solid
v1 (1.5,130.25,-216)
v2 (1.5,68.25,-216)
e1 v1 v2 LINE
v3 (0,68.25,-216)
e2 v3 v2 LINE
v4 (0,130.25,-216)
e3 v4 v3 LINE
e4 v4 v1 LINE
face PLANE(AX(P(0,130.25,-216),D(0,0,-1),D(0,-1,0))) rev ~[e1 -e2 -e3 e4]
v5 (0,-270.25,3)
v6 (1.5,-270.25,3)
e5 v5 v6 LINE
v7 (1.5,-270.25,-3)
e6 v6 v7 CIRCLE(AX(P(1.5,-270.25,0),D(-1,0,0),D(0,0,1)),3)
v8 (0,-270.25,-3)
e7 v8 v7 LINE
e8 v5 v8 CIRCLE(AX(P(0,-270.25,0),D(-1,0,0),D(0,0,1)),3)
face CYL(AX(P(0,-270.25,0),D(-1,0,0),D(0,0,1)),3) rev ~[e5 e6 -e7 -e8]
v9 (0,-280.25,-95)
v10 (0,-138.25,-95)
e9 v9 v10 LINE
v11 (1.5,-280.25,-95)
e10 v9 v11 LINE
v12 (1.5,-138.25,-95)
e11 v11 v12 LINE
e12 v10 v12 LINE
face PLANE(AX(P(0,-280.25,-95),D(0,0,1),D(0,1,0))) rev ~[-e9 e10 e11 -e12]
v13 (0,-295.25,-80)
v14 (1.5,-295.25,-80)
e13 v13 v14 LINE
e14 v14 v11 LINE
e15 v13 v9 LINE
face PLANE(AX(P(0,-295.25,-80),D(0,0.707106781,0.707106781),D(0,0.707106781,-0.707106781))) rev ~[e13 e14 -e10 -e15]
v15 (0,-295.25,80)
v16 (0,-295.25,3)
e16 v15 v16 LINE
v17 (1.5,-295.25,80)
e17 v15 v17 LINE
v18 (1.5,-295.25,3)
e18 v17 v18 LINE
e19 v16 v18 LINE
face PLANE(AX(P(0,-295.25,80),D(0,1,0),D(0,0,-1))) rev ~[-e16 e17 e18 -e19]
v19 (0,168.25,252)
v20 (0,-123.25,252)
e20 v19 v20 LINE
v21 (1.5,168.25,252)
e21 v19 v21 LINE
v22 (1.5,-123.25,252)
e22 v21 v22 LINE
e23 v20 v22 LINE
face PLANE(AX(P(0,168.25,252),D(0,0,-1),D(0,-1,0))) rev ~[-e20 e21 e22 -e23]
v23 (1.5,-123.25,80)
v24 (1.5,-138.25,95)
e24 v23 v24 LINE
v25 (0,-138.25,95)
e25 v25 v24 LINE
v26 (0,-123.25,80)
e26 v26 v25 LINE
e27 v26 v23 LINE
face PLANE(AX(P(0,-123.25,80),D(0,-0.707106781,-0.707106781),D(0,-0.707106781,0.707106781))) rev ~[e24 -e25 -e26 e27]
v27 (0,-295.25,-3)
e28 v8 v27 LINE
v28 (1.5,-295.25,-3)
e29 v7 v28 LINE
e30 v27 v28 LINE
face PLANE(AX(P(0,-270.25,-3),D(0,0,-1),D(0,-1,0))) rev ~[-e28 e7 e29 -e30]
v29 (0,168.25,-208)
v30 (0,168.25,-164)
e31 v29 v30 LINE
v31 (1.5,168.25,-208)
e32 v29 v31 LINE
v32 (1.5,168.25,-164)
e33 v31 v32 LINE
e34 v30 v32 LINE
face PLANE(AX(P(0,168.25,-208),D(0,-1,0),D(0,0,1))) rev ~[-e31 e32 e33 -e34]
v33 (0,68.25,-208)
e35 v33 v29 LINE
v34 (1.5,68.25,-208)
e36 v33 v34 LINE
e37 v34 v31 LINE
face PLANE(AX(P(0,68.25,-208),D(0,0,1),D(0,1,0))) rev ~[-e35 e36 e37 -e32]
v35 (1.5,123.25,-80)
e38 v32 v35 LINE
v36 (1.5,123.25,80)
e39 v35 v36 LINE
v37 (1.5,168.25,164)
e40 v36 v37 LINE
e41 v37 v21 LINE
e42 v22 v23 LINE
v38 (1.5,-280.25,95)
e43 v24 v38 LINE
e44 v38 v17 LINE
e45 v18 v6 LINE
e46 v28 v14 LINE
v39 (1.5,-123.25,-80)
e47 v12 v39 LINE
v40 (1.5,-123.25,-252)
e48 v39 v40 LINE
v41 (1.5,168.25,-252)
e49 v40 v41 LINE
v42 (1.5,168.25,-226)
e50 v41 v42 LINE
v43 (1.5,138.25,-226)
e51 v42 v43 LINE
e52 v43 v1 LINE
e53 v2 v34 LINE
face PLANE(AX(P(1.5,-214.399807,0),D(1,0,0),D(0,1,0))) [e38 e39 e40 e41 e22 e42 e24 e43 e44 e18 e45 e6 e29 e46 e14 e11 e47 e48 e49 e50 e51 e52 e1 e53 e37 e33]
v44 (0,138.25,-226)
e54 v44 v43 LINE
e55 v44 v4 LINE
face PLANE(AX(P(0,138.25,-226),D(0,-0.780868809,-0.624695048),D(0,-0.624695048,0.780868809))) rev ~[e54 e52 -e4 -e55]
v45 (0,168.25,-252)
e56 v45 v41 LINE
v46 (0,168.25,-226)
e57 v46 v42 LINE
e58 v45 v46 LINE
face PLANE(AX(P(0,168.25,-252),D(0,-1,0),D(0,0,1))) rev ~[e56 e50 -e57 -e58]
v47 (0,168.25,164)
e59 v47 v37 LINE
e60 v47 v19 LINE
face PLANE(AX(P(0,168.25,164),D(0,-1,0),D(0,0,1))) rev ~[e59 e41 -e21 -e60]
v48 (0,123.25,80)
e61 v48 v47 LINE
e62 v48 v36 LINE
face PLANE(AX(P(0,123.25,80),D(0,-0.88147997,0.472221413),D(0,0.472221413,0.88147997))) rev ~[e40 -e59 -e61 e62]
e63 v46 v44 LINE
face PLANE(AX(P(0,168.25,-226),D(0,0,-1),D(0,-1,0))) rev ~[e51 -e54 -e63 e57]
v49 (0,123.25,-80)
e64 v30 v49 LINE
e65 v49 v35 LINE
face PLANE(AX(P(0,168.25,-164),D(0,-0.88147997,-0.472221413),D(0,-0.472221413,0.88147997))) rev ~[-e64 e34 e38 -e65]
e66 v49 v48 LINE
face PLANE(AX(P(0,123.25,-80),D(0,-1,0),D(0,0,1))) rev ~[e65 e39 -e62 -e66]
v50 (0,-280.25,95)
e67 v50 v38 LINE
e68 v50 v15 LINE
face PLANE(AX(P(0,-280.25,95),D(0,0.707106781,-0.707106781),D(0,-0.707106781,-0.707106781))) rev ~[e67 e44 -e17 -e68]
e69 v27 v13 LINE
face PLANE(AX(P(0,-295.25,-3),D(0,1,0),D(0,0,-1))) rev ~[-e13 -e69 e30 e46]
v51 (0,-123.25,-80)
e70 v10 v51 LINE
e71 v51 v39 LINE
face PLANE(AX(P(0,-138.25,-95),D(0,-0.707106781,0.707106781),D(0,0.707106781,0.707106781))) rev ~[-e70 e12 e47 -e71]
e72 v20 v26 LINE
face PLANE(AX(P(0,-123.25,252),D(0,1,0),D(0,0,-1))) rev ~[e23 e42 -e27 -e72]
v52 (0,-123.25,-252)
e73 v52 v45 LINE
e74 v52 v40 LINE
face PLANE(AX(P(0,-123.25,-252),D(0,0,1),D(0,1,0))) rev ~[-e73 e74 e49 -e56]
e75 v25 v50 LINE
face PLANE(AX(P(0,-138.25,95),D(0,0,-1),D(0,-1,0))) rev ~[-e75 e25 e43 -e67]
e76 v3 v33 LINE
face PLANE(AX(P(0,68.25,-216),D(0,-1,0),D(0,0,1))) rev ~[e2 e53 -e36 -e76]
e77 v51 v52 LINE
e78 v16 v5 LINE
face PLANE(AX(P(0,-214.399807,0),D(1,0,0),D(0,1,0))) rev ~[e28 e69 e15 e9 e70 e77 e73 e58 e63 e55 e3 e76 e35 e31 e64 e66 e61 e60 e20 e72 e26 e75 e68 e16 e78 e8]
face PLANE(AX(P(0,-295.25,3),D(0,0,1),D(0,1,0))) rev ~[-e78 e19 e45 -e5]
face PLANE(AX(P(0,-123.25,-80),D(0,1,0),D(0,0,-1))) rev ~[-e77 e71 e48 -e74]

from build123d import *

# Parameters (mm, degrees)
F0_W     = 246.5
F0_H     = 160
F1_DEPTH = 1.5


with BuildPart() as f1:
    # F0 (on Right) → F1 (new body)
    with BuildSketch(Plane.YZ):
        with BuildLine():
            Line((-295.25, -80), (-123.25, -80))
            Line((-123.25, -80), (-123.25, 80))
            Line((-123.25, 80), (-123.695542, 80))
            Line((-123.695542, 80), (-295.25, 80))
            Line((-295.25, 80), (-295.25, 3))
            Line((-295.25, 3), (-270.25, 3))
            ThreePointArc((-270.25, 3), (-267.25, 0), (-270.25, -3))
            Line((-270.25, -3), (-295.25, -3))
            Line((-295.25, -3), (-295.25, -80))
        make_face()
        Polygon((-123.695542, 80), (-123.25, 80), (-138.25, 95), (-280.25, 95), (-295.25, 80), align=None)
        Polygon((-138.25, -95), (-123.25, -80), (-295.25, -80), (-280.25, -95), align=None)
        Rectangle(F0_W, F0_H)
        Polygon((-123.25, 80), (123.25, 80), (168.25, 164), (168.25, 252), (-123.25, 252), align=None)
        Polygon((168.25, -164), (123.25, -80), (-123.25, -80), (-123.25, -252), (168.25, -252), (168.25, -226), (138.25, -226), (130.25, -216), (68.25, -216), (68.25, -208), (168.25, -208), align=None)
    extrude(amount=F1_DEPTH)


solid = f1.part
